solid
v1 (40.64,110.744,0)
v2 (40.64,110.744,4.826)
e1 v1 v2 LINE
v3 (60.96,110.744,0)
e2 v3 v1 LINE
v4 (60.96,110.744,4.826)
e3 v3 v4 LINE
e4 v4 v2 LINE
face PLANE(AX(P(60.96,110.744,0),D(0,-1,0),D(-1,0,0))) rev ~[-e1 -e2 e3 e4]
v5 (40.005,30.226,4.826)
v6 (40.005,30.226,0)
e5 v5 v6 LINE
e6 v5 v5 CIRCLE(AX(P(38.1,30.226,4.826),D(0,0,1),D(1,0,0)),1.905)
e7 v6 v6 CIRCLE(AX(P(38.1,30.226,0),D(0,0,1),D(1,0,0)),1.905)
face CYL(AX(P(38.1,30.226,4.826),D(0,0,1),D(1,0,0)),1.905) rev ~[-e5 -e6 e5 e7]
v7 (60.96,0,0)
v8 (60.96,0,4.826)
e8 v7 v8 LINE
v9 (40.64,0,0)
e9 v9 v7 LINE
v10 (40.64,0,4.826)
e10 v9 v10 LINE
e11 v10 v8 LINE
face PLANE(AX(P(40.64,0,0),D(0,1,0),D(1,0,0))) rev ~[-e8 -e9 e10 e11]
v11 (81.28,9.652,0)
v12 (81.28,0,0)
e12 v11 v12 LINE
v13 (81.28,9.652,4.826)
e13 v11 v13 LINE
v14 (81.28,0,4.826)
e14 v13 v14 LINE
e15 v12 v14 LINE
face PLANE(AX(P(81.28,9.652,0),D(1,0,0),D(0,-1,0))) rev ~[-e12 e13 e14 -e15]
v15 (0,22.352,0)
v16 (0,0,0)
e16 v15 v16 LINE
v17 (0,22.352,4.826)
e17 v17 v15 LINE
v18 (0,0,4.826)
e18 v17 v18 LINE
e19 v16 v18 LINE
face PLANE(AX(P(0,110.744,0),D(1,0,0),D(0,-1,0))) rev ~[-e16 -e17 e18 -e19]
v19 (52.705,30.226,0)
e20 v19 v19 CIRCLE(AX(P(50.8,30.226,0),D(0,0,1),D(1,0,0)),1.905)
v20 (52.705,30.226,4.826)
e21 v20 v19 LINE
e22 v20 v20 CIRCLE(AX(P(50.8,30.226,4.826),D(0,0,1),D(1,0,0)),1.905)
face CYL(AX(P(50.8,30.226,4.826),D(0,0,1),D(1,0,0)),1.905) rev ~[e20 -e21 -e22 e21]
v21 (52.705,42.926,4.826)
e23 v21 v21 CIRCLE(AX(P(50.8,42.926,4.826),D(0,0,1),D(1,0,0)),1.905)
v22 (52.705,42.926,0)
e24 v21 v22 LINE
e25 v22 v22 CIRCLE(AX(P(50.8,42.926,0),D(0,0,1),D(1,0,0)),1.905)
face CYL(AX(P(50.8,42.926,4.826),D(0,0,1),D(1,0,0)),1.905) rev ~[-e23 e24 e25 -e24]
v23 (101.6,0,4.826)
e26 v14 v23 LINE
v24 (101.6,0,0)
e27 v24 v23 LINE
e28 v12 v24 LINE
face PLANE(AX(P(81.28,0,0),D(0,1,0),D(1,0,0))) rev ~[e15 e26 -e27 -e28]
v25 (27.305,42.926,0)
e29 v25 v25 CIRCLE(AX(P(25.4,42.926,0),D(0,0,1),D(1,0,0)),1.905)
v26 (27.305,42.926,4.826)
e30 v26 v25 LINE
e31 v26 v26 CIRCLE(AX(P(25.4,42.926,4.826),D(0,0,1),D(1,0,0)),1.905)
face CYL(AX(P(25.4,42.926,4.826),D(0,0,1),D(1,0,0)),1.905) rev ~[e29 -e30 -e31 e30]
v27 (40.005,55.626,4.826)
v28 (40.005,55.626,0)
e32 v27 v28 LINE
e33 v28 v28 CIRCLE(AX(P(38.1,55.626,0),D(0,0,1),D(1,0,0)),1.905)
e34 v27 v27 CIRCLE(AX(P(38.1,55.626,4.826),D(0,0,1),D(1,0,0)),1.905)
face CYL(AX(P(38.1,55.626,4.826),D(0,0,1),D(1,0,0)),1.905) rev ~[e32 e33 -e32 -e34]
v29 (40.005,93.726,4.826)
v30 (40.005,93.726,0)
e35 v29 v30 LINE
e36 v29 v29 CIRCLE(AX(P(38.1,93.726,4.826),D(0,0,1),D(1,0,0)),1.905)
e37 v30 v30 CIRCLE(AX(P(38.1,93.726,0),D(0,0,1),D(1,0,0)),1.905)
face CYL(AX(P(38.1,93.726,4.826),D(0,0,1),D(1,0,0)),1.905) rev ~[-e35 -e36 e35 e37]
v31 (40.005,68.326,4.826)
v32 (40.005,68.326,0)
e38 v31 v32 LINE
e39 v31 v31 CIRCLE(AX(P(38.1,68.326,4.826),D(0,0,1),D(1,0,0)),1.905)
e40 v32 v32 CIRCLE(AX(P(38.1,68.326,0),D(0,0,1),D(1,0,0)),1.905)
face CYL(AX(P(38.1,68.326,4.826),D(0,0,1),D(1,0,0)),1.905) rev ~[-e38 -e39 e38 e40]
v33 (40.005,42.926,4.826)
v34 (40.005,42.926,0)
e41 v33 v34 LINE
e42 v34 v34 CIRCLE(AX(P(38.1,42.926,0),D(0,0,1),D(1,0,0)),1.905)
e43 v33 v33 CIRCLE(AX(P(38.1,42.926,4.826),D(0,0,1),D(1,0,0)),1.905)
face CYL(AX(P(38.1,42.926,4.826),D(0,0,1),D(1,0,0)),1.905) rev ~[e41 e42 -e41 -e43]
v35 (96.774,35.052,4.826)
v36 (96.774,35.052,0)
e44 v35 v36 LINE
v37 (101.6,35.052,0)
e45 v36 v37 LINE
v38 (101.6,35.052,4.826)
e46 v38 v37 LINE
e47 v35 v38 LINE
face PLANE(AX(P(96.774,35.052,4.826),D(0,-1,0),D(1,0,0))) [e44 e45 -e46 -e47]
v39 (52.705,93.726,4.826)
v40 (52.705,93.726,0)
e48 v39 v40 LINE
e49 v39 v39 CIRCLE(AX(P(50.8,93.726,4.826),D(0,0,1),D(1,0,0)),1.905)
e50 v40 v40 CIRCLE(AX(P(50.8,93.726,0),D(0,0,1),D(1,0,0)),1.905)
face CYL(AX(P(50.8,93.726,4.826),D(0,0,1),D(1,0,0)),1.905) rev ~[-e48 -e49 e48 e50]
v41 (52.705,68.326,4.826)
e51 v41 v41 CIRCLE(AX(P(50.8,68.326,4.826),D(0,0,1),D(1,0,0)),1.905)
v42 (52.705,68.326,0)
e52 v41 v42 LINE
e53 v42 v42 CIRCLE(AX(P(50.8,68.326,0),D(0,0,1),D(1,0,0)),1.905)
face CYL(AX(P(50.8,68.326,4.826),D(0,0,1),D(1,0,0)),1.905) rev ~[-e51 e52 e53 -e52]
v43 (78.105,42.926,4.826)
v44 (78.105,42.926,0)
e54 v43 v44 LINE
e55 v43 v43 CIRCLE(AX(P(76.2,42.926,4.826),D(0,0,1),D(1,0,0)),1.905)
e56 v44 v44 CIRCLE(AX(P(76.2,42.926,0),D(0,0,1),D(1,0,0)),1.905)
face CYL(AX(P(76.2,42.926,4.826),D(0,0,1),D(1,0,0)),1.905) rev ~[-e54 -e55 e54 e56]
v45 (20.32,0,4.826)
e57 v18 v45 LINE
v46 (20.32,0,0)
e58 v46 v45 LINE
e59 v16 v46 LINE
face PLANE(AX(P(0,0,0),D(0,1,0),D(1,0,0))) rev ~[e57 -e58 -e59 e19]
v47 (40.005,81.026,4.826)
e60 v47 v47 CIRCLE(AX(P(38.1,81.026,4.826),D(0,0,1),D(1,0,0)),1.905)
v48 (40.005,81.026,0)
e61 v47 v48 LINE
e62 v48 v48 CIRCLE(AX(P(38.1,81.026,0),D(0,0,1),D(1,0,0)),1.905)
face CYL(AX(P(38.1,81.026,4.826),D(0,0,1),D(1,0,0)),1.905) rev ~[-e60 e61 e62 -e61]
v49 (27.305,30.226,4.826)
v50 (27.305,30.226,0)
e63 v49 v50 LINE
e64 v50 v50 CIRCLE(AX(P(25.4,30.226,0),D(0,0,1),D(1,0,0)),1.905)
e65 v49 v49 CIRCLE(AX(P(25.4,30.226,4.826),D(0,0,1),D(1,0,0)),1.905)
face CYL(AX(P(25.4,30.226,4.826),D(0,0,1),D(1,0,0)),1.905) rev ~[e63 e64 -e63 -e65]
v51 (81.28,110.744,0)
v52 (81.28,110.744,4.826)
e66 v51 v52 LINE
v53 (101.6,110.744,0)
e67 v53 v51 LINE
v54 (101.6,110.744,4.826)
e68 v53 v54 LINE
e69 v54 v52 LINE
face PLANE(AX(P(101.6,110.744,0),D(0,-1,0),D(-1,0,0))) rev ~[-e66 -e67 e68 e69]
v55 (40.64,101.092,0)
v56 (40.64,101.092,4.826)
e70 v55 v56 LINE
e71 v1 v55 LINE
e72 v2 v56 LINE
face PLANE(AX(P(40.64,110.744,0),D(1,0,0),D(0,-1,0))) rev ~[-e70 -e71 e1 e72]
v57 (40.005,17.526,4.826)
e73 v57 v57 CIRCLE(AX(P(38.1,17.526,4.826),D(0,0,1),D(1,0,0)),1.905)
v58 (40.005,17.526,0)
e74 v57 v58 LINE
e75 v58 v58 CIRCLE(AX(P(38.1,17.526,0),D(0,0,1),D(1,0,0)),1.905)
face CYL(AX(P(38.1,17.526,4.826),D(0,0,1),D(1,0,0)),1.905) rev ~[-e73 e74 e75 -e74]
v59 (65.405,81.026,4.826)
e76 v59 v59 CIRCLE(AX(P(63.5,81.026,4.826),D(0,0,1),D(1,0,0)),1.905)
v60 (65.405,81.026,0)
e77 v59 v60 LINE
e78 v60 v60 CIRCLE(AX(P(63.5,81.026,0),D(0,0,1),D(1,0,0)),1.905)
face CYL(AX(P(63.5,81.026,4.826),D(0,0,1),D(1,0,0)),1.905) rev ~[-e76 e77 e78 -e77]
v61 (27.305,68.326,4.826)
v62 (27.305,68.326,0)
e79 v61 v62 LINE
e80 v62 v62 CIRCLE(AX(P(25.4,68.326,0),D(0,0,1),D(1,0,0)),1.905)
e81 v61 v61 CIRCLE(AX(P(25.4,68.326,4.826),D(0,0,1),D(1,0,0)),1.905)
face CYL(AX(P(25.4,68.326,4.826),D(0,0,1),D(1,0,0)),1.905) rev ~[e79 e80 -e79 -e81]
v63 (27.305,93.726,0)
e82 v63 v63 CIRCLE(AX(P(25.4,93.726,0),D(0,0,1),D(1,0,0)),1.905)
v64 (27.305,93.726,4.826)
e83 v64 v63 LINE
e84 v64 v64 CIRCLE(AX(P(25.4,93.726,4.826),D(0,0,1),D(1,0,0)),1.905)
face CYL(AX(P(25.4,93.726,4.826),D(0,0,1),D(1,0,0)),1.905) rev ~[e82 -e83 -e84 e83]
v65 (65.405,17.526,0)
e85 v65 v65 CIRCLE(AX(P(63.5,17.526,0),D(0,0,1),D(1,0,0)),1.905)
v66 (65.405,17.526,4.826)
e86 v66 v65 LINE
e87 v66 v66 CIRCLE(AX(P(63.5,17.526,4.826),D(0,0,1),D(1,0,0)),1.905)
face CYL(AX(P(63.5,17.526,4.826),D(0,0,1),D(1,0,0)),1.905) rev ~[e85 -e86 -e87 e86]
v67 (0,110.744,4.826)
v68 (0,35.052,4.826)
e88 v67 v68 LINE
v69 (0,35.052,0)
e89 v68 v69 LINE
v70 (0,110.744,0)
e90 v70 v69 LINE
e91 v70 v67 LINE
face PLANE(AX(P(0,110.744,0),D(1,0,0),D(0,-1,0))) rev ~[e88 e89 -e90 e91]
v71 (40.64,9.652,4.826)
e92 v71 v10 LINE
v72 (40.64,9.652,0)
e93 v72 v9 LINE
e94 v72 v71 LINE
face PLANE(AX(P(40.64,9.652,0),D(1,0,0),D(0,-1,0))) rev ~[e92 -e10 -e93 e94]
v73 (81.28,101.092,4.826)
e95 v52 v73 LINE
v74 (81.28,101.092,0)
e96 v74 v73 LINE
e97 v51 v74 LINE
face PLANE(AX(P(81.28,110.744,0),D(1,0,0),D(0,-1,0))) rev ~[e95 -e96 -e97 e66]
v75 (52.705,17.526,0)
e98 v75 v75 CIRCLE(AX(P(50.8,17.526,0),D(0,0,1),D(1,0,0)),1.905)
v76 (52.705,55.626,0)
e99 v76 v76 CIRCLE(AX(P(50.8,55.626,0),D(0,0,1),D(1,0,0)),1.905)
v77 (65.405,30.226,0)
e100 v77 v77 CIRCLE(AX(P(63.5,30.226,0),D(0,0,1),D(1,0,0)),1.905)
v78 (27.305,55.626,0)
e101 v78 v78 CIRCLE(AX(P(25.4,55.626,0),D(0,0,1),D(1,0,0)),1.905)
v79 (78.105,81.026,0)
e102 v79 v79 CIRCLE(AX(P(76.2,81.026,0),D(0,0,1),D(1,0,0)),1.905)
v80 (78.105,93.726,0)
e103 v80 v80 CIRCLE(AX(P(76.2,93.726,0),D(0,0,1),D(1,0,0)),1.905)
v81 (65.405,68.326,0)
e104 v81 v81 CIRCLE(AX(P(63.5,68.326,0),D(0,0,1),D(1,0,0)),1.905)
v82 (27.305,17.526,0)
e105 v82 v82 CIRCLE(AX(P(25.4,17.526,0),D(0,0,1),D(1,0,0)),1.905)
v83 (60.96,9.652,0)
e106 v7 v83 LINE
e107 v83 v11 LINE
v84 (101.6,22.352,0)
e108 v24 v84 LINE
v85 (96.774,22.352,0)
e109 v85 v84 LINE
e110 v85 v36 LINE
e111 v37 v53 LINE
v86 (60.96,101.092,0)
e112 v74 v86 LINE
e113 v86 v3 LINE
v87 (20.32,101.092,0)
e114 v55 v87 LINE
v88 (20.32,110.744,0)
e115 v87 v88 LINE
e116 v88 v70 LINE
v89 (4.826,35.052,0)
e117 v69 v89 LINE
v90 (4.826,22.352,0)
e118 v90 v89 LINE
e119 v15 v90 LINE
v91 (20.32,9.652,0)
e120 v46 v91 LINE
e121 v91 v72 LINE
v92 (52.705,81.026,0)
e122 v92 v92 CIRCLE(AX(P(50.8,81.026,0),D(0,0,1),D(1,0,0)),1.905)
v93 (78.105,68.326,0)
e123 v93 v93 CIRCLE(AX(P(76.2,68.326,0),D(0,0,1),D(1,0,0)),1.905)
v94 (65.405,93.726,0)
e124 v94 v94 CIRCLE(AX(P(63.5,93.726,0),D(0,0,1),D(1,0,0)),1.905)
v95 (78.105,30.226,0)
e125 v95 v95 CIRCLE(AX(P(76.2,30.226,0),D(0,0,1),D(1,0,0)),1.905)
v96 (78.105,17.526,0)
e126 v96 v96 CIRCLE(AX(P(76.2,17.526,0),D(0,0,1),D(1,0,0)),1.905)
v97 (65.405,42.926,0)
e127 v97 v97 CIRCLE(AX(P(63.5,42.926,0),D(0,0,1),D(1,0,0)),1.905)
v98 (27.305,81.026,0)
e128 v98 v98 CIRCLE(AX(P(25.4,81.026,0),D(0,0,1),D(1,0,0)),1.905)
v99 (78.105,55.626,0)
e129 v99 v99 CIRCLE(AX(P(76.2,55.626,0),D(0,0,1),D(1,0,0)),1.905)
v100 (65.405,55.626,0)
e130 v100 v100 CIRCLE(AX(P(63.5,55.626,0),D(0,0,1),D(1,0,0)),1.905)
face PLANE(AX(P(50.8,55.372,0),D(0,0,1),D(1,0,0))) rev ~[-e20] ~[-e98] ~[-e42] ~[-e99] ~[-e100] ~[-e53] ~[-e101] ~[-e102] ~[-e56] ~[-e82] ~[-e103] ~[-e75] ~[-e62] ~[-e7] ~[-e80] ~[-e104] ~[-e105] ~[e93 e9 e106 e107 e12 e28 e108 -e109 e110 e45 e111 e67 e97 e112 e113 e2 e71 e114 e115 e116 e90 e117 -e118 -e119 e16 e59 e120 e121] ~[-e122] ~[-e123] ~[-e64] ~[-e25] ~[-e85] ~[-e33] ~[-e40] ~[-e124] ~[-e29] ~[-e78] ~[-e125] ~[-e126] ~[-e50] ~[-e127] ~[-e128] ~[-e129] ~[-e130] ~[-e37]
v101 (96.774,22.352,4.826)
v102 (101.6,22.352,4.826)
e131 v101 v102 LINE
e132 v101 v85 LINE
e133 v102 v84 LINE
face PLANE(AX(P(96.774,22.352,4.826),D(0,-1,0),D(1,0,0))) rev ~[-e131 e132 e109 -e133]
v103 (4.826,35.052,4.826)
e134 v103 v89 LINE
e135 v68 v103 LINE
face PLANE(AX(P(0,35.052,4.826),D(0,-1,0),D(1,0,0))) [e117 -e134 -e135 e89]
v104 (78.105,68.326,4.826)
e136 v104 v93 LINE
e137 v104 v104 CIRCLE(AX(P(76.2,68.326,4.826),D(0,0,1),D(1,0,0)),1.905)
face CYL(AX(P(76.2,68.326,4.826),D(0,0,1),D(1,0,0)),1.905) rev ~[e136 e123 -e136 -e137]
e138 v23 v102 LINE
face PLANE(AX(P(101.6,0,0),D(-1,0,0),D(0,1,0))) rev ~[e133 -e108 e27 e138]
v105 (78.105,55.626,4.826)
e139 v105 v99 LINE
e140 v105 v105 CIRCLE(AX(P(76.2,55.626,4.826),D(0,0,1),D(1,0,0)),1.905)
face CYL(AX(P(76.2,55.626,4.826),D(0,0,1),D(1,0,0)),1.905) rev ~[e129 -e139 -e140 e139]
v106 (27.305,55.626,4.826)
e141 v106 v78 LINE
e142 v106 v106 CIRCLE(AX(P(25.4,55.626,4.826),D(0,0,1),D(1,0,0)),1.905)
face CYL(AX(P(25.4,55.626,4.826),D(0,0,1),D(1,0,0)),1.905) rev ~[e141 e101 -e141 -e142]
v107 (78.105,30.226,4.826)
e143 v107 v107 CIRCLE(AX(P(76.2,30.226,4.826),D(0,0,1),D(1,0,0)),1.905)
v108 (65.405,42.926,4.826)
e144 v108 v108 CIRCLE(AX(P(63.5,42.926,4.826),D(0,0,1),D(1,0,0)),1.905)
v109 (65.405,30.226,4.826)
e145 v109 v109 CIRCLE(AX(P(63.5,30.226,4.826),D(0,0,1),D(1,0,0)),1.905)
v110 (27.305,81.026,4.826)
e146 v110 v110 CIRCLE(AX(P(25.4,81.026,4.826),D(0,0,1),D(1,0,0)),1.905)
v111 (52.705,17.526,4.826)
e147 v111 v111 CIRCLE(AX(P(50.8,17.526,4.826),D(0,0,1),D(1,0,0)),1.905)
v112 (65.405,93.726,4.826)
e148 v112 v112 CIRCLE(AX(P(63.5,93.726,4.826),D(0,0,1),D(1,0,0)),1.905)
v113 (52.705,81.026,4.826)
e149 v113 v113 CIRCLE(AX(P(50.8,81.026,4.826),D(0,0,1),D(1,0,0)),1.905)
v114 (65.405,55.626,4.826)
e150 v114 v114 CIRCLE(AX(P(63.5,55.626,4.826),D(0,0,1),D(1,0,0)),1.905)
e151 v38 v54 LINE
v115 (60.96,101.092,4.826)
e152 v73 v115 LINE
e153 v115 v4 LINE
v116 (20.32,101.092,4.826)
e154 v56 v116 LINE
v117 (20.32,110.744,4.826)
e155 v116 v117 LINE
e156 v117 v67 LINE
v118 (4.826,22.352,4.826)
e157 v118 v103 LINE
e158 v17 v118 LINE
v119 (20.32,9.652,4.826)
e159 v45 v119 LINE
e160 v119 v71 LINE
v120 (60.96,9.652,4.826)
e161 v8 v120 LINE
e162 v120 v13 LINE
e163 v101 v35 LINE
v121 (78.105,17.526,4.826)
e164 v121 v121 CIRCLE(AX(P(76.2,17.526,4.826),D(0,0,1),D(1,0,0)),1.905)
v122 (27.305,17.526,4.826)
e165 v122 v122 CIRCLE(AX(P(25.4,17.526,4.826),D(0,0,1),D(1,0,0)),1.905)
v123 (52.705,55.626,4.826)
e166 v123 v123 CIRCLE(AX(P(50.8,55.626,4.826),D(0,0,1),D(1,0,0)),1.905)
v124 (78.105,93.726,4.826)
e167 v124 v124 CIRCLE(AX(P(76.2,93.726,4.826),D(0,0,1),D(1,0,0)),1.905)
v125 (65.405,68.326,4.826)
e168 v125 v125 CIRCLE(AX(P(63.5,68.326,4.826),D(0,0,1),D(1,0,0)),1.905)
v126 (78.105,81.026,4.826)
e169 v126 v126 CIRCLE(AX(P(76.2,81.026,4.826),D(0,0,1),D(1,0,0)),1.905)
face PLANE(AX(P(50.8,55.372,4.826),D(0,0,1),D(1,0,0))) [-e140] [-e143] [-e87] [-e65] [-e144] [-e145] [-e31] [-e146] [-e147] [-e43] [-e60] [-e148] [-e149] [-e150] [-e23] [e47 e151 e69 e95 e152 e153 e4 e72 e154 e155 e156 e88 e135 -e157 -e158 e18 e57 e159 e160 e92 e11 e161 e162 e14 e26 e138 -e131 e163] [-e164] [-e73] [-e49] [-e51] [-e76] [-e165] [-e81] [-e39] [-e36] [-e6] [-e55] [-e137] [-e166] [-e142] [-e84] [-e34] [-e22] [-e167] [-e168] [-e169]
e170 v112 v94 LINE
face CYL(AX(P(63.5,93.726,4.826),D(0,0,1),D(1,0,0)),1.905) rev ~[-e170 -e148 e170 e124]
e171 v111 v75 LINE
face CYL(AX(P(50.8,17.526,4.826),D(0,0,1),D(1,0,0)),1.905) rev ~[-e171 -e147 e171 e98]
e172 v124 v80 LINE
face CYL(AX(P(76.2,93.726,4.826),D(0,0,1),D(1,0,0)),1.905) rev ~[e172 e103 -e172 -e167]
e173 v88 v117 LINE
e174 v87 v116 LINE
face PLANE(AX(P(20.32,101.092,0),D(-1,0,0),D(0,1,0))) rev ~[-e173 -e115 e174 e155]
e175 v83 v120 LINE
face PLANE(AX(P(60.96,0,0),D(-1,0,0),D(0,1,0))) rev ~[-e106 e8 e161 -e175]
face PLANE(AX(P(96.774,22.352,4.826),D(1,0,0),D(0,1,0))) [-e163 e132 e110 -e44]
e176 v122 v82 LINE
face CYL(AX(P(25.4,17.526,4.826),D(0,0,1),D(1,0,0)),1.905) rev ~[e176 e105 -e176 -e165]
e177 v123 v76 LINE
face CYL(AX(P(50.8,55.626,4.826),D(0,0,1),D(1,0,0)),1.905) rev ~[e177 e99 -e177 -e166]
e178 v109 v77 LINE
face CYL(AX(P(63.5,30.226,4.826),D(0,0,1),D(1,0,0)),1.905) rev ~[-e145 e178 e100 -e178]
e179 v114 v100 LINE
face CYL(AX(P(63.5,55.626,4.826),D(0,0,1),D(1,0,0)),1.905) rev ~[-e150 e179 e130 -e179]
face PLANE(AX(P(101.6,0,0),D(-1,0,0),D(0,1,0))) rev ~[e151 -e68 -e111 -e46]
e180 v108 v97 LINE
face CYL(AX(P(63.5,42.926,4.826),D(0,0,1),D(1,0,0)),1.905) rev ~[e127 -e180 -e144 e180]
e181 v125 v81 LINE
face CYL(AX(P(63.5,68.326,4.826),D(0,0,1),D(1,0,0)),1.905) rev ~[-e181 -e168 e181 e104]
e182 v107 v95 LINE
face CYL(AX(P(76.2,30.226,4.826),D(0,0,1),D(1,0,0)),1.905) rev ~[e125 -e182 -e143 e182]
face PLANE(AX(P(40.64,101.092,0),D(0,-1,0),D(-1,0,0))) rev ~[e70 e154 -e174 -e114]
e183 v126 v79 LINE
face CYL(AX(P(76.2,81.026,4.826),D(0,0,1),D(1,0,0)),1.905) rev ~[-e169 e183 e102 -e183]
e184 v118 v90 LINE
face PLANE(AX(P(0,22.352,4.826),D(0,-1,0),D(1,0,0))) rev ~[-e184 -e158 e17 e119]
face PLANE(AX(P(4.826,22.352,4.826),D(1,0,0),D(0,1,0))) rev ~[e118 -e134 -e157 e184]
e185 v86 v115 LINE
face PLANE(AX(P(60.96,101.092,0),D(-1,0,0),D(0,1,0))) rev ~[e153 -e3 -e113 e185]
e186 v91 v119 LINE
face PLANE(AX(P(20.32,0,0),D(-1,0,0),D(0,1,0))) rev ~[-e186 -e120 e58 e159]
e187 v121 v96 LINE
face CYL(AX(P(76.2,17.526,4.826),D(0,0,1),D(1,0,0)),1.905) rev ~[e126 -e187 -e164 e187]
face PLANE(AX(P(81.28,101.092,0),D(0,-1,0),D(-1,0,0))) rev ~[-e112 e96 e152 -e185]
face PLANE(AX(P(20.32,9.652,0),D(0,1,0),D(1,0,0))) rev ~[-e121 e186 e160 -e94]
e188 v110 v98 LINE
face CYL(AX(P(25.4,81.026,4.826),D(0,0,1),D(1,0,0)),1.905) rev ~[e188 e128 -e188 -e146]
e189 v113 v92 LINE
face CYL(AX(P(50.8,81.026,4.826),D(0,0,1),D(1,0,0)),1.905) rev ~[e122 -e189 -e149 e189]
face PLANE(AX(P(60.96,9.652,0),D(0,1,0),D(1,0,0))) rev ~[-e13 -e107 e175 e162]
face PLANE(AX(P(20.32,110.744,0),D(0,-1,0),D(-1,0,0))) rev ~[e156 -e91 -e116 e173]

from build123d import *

# Parameters (mm, degrees)
BOSS_EXTRUDE1_DEPTH = 4.826
SKETCH2_R           = 1.905
CUT_EXTRUDE1_DEPTH  = 151.366498303
SKETCH3_W           = 4.826
SKETCH3_H           = 12.7
CUT_EXTRUDE2_DEPTH  = 151.366498303


with BuildPart() as part:
    # Sketch1 → Boss-Extrude1 (new body)
    with BuildSketch(Plane.XY):
        Polygon((0, 110.744), (0, 0), (20.32, 0), (20.32, 9.652), (40.64, 9.652), (40.64, 0), (60.96, 0), (60.96, 9.652), (81.28, 9.652), (81.28, 0), (101.6, 0), (101.6, 110.744), (81.28, 110.744), (81.28, 101.092), (60.96, 101.092), (60.96, 110.744), (40.64, 110.744), (40.64, 101.092), (20.32, 101.092), (20.32, 110.744), align=None)
    extrude(amount=BOSS_EXTRUDE1_DEPTH)

    # Sketch2 → Cut-Extrude1 (cut, through all)
    with BuildSketch(Plane.XY.offset(4.826)):
        with Locations((50.8, 68.326)):
            Circle(SKETCH2_R)
        with Locations((63.5, 68.326)):
            Circle(SKETCH2_R)
        with Locations((76.2, 68.326)):
            Circle(SKETCH2_R)
        with Locations((63.5, 81.026)):
            Circle(SKETCH2_R)
        with Locations((76.2, 81.026)):
            Circle(SKETCH2_R)
        with Locations((63.5, 93.726)):
            Circle(SKETCH2_R)
        with Locations((76.2, 93.726)):
            Circle(SKETCH2_R)
        with Locations((38.1, 68.326)):
            Circle(SKETCH2_R)
        with Locations((25.4, 68.326)):
            Circle(SKETCH2_R)
        with Locations((38.1, 81.026)):
            Circle(SKETCH2_R)
        with Locations((25.4, 81.026)):
            Circle(SKETCH2_R)
        with Locations((38.1, 93.726)):
            Circle(SKETCH2_R)
        with Locations((25.4, 93.726)):
            Circle(SKETCH2_R)
        with Locations((50.8, 81.026)):
            Circle(SKETCH2_R)
        with Locations((50.8, 93.726)):
            Circle(SKETCH2_R)
        with Locations((63.5, 55.626)):
            Circle(SKETCH2_R)
        with Locations((76.2, 55.626)):
            Circle(SKETCH2_R)
        with Locations((63.5, 42.926)):
            Circle(SKETCH2_R)
        with Locations((76.2, 42.926)):
            Circle(SKETCH2_R)
        with Locations((63.5, 30.226)):
            Circle(SKETCH2_R)
        with Locations((76.2, 30.226)):
            Circle(SKETCH2_R)
        with Locations((63.5, 17.526)):
            Circle(SKETCH2_R)
        with Locations((76.2, 17.526)):
            Circle(SKETCH2_R)
        with Locations((38.1, 55.626)):
            Circle(SKETCH2_R)
        with Locations((25.4, 55.626)):
            Circle(SKETCH2_R)
        with Locations((38.1, 42.926)):
            Circle(SKETCH2_R)
        with Locations((25.4, 42.926)):
            Circle(SKETCH2_R)
        with Locations((38.1, 30.226)):
            Circle(SKETCH2_R)
        with Locations((25.4, 30.226)):
            Circle(SKETCH2_R)
        with Locations((38.1, 17.526)):
            Circle(SKETCH2_R)
        with Locations((25.4, 17.526)):
            Circle(SKETCH2_R)
        with Locations((50.8, 55.626)):
            Circle(SKETCH2_R)
        with Locations((50.8, 42.926)):
            Circle(SKETCH2_R)
        with Locations((50.8, 30.226)):
            Circle(SKETCH2_R)
        with Locations((50.8, 17.526)):
            Circle(SKETCH2_R)
    extrude(amount=-CUT_EXTRUDE1_DEPTH, mode=Mode.SUBTRACT)

    # Sketch3 → Cut-Extrude2 (cut, through all)
    with BuildSketch(Plane.XY.offset(4.826)):
        with Locations((2.413, 28.702)):
            Rectangle(SKETCH3_W, SKETCH3_H)
        with Locations((99.187, 28.702)):
            Rectangle(SKETCH3_W, SKETCH3_H)
    extrude(amount=-CUT_EXTRUDE2_DEPTH, mode=Mode.SUBTRACT)


solid = part.part
